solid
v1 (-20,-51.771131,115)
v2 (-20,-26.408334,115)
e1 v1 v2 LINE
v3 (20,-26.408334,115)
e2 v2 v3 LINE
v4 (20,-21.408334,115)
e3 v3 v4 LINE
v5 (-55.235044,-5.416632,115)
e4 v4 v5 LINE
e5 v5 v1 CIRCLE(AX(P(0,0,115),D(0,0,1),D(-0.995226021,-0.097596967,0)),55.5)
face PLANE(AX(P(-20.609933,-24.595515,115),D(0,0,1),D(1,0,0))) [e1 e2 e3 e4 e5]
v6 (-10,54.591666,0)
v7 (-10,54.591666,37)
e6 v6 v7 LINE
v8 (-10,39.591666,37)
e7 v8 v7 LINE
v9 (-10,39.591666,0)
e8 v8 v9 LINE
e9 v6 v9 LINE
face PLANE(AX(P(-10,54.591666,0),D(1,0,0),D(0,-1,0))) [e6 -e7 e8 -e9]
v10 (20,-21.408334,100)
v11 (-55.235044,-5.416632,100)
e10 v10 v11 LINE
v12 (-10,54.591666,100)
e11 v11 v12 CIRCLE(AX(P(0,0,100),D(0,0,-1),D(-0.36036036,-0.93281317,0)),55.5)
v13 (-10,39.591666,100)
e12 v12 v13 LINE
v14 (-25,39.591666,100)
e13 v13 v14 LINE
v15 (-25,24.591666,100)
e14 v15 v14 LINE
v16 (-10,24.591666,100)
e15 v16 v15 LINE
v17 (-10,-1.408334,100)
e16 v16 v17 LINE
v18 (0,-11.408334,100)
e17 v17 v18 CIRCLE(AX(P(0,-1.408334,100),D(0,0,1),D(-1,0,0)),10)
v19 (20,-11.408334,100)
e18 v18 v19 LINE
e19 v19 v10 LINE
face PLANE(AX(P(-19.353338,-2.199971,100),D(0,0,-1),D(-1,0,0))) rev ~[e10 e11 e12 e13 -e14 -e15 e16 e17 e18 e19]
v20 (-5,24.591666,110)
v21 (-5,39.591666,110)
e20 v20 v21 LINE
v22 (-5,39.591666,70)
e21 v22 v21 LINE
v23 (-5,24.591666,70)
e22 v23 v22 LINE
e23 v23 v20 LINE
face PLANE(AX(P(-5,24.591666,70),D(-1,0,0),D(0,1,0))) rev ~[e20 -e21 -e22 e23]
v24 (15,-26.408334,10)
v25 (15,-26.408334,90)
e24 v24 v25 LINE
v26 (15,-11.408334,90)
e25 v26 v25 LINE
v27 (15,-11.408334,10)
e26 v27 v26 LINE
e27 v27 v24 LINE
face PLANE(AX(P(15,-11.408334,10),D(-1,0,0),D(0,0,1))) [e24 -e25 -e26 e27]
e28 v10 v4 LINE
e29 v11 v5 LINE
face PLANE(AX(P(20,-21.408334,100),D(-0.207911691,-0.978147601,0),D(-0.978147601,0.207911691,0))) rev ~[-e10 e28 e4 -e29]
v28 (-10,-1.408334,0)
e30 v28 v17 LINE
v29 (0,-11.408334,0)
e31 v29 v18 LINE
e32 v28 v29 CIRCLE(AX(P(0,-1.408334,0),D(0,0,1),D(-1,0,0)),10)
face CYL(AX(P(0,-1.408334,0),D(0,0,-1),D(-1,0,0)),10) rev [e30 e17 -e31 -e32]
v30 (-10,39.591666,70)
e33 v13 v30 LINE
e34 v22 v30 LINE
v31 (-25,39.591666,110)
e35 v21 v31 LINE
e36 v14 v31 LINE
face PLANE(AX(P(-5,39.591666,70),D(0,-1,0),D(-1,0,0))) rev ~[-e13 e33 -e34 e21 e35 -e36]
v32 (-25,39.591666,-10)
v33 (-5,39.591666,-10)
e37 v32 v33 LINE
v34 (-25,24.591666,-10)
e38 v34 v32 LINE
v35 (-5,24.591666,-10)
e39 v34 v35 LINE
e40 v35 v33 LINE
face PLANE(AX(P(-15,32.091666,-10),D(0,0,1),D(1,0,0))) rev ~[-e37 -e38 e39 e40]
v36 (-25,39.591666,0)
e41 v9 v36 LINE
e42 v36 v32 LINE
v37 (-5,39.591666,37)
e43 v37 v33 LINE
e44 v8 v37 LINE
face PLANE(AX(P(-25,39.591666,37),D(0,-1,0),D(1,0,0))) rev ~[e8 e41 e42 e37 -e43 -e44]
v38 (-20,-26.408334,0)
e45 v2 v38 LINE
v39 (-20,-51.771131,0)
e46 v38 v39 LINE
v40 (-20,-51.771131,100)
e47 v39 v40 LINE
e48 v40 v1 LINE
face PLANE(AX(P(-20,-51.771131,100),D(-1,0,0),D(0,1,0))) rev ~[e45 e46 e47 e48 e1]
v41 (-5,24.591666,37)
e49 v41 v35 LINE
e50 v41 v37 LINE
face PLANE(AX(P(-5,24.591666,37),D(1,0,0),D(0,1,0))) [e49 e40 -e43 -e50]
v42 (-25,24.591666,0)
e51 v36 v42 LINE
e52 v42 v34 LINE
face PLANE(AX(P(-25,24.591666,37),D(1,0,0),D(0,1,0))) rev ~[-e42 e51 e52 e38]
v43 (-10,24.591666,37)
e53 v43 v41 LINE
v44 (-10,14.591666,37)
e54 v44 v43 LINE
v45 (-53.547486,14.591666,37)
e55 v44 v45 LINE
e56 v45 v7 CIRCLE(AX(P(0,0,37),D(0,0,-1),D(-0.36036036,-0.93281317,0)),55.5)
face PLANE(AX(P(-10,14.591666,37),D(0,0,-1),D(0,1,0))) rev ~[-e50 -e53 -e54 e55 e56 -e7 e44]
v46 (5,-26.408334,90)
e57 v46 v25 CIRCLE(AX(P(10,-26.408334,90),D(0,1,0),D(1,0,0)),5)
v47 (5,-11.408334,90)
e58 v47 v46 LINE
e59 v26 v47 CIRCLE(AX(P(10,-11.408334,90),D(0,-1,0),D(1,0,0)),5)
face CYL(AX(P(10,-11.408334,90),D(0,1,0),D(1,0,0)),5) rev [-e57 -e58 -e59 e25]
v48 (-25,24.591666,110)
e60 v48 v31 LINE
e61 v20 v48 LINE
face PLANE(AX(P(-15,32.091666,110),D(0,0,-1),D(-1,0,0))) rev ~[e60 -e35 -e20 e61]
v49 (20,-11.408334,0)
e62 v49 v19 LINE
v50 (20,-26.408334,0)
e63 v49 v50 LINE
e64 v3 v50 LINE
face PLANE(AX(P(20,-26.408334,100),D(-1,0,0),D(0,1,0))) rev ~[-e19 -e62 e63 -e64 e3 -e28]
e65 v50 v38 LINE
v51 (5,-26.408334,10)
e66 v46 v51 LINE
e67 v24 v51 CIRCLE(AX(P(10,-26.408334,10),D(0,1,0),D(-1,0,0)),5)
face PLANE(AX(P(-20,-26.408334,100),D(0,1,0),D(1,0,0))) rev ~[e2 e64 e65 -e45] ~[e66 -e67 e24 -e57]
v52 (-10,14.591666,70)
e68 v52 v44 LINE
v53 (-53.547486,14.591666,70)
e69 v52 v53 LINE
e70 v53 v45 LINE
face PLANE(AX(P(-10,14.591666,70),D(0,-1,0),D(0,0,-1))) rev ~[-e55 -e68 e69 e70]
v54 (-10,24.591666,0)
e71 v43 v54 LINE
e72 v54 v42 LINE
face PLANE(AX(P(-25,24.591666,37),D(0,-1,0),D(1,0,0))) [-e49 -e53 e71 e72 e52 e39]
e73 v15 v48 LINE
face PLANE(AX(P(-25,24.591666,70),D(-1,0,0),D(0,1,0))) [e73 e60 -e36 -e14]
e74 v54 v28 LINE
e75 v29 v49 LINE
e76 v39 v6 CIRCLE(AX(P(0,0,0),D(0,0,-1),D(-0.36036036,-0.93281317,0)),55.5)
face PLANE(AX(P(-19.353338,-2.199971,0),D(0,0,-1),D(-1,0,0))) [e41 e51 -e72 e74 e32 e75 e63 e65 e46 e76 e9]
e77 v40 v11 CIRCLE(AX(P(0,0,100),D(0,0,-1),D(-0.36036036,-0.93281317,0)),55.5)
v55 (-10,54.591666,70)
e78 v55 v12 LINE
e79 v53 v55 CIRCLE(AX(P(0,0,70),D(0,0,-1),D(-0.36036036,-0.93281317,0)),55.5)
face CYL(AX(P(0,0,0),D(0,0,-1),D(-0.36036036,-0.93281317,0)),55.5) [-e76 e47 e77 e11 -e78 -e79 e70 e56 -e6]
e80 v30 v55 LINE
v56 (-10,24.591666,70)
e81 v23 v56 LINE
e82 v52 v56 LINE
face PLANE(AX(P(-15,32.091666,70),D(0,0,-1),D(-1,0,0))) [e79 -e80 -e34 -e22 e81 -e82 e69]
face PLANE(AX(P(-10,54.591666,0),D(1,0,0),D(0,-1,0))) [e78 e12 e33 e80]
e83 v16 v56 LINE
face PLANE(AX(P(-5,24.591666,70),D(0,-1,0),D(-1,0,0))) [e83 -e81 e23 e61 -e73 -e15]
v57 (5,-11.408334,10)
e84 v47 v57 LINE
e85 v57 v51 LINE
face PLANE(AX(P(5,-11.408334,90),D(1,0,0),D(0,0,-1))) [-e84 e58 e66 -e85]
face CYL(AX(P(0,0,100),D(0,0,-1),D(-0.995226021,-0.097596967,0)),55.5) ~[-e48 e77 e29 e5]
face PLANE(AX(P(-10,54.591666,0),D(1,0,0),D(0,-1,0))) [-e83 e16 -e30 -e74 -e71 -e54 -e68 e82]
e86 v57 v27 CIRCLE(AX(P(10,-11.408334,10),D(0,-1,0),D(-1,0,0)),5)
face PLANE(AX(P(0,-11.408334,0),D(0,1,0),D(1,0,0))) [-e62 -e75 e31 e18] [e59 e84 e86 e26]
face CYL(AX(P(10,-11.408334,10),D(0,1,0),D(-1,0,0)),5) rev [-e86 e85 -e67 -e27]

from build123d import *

# Parameters (mm, degrees)
BOSS_EXTRUDE1_DEPTH = 100
SKETCH2_W           = 33
SKETCH2_H           = 40
CUT_EXTRUDE1_DEPTH  = 46.5
SKETCH3_W           = 20
SKETCH3_H           = 15
BOSS_EXTRUDE2_DEPTH = 47
SKETCH5_W           = 20
SKETCH5_H           = 15
BOSS_EXTRUDE3_DEPTH = 40
CUT_EXTRUDE2_REACH  = 42.363
BOSS_EXTRUDE4_DEPTH = 15


with BuildPart() as part:
    # Sketch1 → Boss-Extrude1 (new body)
    with BuildSketch(Plane.XY):
        with BuildLine():
            Line((-10, 54.591666031), (-10, -1.408333969))
            ThreePointArc((-10, -1.408333969), (-7.071067812, -8.479401781), (0, -11.408333969))
            Line((0, -11.408333969), (20, -11.408333969))
            Line((20, -11.408333969), (20, -26.408333969))
            Line((20, -26.408333969), (-20, -26.408333969))
            Line((-20, -26.408333969), (-20, -51.771130952))
            ThreePointArc((-20, -51.771130952), (-55.256322222, 5.195079839), (-10, 54.591666031))
        make_face()
    extrude(amount=BOSS_EXTRUDE1_DEPTH)

    # Sketch2 → Cut-Extrude1 (cut, through all)
    with BuildSketch(Plane(origin=(-10, 0, 0), x_dir=(0, 0, -1), z_dir=(1, 0, 0))):
        with Locations((-53.5, 34.591666031)):
            Rectangle(SKETCH2_W, SKETCH2_H)
    extrude(amount=-CUT_EXTRUDE1_DEPTH, mode=Mode.SUBTRACT)

    # Sketch3 → Boss-Extrude2 (add)
    with BuildSketch(Plane.XY.offset(37)):
        with Locations((-15, 32.091666031)):
            Rectangle(SKETCH3_W, SKETCH3_H)
    extrude(amount=-BOSS_EXTRUDE2_DEPTH)

    # Sketch5 → Boss-Extrude3 (add)
    with BuildSketch(Plane(origin=(0, 0, 70), x_dir=(-1, 0, 0), z_dir=(0, 0, -1))):
        with Locations((15, 32.091666031)):
            Rectangle(SKETCH5_W, SKETCH5_H)
    extrude(amount=-BOSS_EXTRUDE3_DEPTH)

    # Sketch6 → Cut-Extrude2 (cut, up to next)
    with BuildSketch(Plane(origin=(0, -11.408333969, 0), x_dir=(1, 0, 0), z_dir=(0, 1, 0)), mode=Mode.PRIVATE) as cut_extrude2_sk1:
        with BuildLine():
            Line((15, -10), (15, -90))
            ThreePointArc((15, -90), (10, -95), (5, -90))
            Line((5, -90), (5, -10))
            ThreePointArc((5, -10), (10, -5), (15, -10))
        make_face()
    cut_extrude2_tool1 = extrude(cut_extrude2_sk1.sketch, amount=-CUT_EXTRUDE2_REACH, mode=Mode.PRIVATE) & part.part
    add(cut_extrude2_tool1.solids().sort_by_distance((10, -11.408334, 50))[0], mode=Mode.SUBTRACT)

    # Sketch7 → Boss-Extrude4 (add)
    with BuildSketch(Plane.XY.offset(100)):
        with BuildLine():
            Line((20, -21.408333969), (-55.235044142, -5.416631669))
            ThreePointArc((-55.235044142, -5.416631669), (-44.184418834, -33.585519682), (-20, -51.771130952))
            Line((-20, -51.771130952), (-20, -26.408333969))
            Line((-20, -26.408333969), (20, -26.408333969))
            Line((20, -26.408333969), (20, -21.408333969))
        make_face()
    extrude(amount=BOSS_EXTRUDE4_DEPTH)


solid = part.part
